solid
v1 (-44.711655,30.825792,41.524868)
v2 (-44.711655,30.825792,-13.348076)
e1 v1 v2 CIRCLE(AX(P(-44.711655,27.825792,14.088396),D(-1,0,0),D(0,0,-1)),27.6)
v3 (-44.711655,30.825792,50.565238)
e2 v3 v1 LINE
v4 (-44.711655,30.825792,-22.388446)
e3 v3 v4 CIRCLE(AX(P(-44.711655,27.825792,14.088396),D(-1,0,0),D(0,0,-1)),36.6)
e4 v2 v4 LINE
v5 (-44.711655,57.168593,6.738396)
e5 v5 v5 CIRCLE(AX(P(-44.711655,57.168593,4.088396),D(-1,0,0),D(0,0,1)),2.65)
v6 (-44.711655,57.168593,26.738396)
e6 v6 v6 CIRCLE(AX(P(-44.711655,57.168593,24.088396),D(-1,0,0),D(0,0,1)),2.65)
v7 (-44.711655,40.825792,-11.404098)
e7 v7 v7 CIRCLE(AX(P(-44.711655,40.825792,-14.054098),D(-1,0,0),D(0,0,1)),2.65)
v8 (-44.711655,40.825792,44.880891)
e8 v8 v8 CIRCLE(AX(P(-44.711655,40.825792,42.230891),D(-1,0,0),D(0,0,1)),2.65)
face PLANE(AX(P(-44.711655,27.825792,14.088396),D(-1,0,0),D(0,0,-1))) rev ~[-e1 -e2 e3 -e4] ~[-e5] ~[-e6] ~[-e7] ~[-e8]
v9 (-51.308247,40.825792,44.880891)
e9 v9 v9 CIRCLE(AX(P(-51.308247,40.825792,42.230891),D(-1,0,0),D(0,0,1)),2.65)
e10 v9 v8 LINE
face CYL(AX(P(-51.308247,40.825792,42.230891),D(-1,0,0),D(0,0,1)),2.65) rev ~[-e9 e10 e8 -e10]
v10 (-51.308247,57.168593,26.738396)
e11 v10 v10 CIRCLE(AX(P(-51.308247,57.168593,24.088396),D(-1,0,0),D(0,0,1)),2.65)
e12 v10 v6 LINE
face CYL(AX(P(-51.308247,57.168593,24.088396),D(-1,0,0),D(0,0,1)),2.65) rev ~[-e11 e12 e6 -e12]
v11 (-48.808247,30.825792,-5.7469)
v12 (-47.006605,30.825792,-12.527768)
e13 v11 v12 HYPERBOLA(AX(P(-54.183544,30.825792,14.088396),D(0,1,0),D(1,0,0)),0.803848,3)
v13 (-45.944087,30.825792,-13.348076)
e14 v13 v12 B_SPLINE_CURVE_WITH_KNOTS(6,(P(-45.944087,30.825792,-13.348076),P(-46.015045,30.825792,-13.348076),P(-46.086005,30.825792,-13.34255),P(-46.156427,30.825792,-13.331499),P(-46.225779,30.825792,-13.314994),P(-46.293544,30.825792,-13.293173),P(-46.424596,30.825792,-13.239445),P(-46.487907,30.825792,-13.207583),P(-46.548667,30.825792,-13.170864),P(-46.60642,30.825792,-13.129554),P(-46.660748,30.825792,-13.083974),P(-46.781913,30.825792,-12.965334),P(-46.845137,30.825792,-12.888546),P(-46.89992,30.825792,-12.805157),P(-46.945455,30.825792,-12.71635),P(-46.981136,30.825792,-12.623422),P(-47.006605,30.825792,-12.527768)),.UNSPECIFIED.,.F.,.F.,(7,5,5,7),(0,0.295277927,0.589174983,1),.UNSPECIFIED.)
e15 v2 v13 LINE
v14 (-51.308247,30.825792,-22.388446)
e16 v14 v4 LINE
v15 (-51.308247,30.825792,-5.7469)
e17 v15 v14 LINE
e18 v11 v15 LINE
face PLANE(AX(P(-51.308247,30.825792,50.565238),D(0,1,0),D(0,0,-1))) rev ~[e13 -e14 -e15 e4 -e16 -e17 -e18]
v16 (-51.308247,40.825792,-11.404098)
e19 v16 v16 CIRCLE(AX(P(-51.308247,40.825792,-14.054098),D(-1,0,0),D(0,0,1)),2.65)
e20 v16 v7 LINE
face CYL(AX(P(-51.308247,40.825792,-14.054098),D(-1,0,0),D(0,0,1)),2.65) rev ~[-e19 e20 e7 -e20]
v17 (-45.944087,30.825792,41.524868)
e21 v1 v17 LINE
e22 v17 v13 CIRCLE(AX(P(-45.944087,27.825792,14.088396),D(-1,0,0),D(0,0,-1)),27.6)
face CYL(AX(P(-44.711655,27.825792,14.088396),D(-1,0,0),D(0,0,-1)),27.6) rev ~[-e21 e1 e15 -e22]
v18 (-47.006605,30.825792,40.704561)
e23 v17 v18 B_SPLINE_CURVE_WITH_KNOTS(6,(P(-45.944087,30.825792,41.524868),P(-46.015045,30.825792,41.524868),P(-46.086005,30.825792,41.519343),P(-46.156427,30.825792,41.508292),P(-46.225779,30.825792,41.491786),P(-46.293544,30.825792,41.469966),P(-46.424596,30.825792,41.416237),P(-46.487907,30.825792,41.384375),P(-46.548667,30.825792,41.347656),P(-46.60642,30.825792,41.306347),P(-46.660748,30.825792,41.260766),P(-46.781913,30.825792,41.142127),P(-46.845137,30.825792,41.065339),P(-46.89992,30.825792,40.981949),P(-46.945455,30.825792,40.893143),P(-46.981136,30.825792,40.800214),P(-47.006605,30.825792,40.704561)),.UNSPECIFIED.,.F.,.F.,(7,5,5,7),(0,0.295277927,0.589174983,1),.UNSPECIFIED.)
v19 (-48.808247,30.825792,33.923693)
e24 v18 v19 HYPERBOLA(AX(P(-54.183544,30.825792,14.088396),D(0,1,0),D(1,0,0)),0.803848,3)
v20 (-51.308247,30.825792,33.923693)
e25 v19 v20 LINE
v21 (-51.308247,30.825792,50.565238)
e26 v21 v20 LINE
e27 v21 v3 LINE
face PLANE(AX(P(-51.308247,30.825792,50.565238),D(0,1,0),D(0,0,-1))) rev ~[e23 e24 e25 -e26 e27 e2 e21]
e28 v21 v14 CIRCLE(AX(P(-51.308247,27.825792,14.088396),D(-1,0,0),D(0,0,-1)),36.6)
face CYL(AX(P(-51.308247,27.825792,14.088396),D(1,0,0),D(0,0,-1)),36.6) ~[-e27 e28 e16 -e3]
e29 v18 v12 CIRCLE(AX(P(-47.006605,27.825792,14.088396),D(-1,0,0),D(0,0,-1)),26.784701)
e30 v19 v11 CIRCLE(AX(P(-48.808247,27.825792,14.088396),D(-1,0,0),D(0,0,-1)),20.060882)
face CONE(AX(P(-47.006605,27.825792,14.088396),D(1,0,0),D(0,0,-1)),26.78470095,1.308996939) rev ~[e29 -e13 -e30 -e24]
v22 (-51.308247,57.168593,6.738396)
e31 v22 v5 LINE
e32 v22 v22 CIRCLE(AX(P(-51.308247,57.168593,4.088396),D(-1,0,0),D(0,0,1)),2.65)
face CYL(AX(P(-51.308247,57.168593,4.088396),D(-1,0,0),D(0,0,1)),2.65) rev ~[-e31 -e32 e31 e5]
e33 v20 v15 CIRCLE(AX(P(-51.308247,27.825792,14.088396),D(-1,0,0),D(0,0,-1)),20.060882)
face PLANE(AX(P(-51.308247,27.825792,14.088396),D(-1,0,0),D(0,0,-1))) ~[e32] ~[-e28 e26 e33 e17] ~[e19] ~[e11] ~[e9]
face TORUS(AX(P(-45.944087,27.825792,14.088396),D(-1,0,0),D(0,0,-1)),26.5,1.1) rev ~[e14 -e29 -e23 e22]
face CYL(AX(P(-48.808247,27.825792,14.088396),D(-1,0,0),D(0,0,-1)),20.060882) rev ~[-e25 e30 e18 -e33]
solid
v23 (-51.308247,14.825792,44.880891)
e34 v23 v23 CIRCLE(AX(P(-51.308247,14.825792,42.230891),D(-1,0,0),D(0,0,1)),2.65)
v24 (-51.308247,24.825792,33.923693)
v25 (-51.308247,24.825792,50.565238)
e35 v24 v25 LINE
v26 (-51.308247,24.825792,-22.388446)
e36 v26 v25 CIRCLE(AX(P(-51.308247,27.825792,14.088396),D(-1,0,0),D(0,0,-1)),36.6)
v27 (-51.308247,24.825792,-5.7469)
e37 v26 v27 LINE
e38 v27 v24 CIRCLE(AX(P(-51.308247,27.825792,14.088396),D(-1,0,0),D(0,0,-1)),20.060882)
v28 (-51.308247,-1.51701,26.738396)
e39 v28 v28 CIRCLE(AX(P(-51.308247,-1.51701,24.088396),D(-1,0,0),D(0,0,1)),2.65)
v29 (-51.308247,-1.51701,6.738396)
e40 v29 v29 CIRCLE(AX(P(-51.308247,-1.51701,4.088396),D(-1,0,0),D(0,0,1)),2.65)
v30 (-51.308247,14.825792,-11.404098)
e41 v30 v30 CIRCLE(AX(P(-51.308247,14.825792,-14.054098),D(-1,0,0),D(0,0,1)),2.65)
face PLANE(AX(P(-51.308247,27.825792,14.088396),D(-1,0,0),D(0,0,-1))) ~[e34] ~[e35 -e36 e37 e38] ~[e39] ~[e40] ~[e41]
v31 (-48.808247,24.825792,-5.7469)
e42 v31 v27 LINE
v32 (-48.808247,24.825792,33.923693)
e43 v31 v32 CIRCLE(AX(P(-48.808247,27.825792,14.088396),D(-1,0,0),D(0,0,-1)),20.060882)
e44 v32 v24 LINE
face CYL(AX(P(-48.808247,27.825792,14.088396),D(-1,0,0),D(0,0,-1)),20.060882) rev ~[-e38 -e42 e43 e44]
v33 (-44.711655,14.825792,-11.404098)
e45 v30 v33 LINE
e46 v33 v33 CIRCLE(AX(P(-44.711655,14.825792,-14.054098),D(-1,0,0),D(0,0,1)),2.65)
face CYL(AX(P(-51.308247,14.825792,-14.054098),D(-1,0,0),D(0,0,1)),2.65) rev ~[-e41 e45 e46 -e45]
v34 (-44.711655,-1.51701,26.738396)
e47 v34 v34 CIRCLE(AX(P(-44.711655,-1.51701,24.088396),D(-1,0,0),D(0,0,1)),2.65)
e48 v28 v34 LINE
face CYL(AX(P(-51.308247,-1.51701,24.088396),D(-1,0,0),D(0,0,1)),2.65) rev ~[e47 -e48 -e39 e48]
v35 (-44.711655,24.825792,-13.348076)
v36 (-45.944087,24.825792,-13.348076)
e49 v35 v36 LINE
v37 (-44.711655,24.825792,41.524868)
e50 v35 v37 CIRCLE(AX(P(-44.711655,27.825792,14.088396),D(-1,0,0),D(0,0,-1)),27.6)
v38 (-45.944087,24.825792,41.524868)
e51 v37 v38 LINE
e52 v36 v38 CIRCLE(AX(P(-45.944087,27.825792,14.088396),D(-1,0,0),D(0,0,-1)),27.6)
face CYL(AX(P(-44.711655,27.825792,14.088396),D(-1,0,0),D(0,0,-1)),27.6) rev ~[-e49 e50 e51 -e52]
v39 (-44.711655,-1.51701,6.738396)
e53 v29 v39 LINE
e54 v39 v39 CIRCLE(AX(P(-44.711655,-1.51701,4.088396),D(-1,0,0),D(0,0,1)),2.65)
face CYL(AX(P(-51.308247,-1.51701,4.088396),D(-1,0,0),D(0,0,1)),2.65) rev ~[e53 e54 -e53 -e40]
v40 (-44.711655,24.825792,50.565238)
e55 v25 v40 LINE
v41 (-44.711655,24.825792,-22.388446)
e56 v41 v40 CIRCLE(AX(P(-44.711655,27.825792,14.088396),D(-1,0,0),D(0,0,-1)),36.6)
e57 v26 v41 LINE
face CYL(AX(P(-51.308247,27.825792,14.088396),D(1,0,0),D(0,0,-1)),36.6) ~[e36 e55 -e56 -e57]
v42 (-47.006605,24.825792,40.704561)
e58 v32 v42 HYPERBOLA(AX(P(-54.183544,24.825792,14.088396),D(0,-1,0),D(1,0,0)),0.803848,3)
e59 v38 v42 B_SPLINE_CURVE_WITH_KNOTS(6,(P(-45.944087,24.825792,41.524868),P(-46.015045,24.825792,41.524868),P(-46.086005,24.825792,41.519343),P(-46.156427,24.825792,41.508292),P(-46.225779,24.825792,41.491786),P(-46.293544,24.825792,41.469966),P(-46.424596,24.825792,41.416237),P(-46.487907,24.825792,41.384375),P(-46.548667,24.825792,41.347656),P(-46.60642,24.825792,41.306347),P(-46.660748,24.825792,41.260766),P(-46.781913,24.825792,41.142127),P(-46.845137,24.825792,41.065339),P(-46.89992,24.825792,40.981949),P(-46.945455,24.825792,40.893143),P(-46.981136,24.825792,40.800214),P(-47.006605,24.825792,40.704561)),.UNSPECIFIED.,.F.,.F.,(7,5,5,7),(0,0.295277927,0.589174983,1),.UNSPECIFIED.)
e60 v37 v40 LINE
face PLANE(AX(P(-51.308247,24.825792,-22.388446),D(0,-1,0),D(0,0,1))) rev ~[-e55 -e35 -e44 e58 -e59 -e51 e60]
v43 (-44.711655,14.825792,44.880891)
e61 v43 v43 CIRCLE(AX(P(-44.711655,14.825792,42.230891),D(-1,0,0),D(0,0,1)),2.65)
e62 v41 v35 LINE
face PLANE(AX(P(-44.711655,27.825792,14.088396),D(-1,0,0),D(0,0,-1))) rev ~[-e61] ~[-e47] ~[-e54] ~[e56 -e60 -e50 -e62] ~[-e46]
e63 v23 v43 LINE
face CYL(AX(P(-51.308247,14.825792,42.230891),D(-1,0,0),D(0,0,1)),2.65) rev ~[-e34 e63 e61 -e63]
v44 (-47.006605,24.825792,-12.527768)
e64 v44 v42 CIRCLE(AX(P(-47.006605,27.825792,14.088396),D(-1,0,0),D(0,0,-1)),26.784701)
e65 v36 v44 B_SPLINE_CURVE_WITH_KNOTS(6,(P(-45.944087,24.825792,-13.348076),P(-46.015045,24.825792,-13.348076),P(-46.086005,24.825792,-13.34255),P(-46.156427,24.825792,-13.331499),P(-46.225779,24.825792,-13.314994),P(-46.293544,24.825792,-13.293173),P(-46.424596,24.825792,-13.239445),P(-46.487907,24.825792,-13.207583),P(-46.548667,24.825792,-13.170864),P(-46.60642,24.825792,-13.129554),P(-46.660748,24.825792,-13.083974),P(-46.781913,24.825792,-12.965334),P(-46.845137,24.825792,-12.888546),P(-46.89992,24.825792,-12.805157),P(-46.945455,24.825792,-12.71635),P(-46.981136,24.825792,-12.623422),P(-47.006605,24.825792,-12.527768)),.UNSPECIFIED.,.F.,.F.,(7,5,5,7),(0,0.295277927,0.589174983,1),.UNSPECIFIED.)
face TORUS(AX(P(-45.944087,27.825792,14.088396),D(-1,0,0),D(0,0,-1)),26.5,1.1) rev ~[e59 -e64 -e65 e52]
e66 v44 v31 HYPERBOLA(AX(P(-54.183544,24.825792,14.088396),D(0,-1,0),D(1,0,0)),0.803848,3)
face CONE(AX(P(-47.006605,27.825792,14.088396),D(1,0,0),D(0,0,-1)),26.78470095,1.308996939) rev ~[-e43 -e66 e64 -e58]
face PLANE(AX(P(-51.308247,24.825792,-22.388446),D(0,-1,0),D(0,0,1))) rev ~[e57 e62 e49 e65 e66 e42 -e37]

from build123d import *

# Parameters (mm, degrees)
SKETCH4_R          = 2.65
CUT_EXTRUDE1_DEPTH = 10


with BuildPart() as part:
    # Sketch3 → Revolve1 (revolve)
    with BuildSketch(Plane.ZX.offset(27.825791751), mode=Mode.PRIVATE) as revolve1_sk:
        with BuildLine():
            Line((50.688396198, -44.711654686), (41.688396198, -44.711654686))
            Line((41.688396198, -44.711654686), (41.688396198, -45.944086976))
            ThreePointArc((41.688396198, -45.944086976), (41.461084873, -46.613724548), (40.873097148, -47.006605385))
            Line((40.873097148, -47.006605385), (34.149278103, -48.808247268))
            Line((34.149278103, -48.808247268), (34.149278103, -51.308247268))
            Line((34.149278103, -51.308247268), (50.688396198, -51.308247268))
            Line((50.688396198, -51.308247268), (50.688396198, -44.711654686))
        make_face()
    revolve(revolve1_sk.sketch.rotate(Axis((-48.711654686, 27.825791751, 14.088396198), (-1, 0, 0)), 180), axis=Axis((-48.711654686, 27.825791751, 14.088396198), (-1, 0, 0)))

    # Sketch4 → Cut-Extrude1 (cut)
    with BuildSketch(Plane.ZY.offset(51.308247268)):
        with BuildLine():
            Line((33.923692586, 24.825791751), (50.565238167, 24.825791751))
            ThreePointArc((50.565238167, 24.825791751), (50.657593729, 26.324528291), (50.688396198, 27.825791751))
            ThreePointArc((50.688396198, 27.825791751), (50.657593729, 29.327055211), (50.565238167, 30.825791751))
            Line((50.565238167, 30.825791751), (33.923692586, 30.825791751))
            ThreePointArc((33.923692586, 30.825791751), (34.092802228, 29.330026509), (34.149278103, 27.825791751))
            ThreePointArc((34.149278103, 27.825791751), (34.092802228, 26.321556993), (33.923692586, 24.825791751))
        make_face()
        with BuildLine():
            ThreePointArc((-22.38844577, 30.825791751), (-22.511603802, 27.825791751), (-22.38844577, 24.825791751))
            Line((-22.38844577, 24.825791751), (-5.746900189, 24.825791751))
            ThreePointArc((-5.746900189, 24.825791751), (-5.972485706, 27.825791751), (-5.746900189, 30.825791751))
            Line((-5.746900189, 30.825791751), (-22.38844577, 30.825791751))
        make_face()
        with BuildLine():
            Line((-5.746900189, 24.825791751), (33.923692586, 24.825791751))
            ThreePointArc((33.923692586, 24.825791751), (34.092802228, 26.321556993), (34.149278103, 27.825791751))
            ThreePointArc((34.149278103, 27.825791751), (34.092802228, 29.330026509), (33.923692586, 30.825791751))
            Line((33.923692586, 30.825791751), (-5.746900189, 30.825791751))
            ThreePointArc((-5.746900189, 30.825791751), (-5.972485706, 27.825791751), (-5.746900189, 24.825791751))
        make_face()
        with Locations((24.088396198, 57.168593253)):
            Circle(SKETCH4_R)
        with Locations((4.088396198, 57.168593253)):
            Circle(SKETCH4_R)
        with Locations((-14.054098361, 40.825791751)):
            Circle(SKETCH4_R)
        with Locations((-14.054098361, 14.825791751)):
            Circle(SKETCH4_R)
        with Locations((4.088396198, -1.517009751)):
            Circle(SKETCH4_R)
        with Locations((24.088396198, -1.517009751)):
            Circle(SKETCH4_R)
        with Locations((42.230890757, 14.825791751)):
            Circle(SKETCH4_R)
        with Locations((42.230890757, 40.825791751)):
            Circle(SKETCH4_R)
    extrude(amount=-CUT_EXTRUDE1_DEPTH, mode=Mode.SUBTRACT)


with BuildPart() as cut_extrude1_piece_1:
    # of the separate pieces the step leaves, piece 1, a body of its own (cut_extrude1_pieces)
    add(part.part.solids().sort_by_distance((-44.711654686, 24.825791751, -22.38844577))[0])


with BuildPart() as cut_extrude1_piece_2:
    # of the separate pieces the step leaves, piece 2, a body of its own (cut_extrude1_pieces)
    add(part.part.solids().sort_by_distance((-44.711654686, 30.825791751, 50.565238167))[0])


solid = Compound([cut_extrude1_piece_1.part, cut_extrude1_piece_2.part])
